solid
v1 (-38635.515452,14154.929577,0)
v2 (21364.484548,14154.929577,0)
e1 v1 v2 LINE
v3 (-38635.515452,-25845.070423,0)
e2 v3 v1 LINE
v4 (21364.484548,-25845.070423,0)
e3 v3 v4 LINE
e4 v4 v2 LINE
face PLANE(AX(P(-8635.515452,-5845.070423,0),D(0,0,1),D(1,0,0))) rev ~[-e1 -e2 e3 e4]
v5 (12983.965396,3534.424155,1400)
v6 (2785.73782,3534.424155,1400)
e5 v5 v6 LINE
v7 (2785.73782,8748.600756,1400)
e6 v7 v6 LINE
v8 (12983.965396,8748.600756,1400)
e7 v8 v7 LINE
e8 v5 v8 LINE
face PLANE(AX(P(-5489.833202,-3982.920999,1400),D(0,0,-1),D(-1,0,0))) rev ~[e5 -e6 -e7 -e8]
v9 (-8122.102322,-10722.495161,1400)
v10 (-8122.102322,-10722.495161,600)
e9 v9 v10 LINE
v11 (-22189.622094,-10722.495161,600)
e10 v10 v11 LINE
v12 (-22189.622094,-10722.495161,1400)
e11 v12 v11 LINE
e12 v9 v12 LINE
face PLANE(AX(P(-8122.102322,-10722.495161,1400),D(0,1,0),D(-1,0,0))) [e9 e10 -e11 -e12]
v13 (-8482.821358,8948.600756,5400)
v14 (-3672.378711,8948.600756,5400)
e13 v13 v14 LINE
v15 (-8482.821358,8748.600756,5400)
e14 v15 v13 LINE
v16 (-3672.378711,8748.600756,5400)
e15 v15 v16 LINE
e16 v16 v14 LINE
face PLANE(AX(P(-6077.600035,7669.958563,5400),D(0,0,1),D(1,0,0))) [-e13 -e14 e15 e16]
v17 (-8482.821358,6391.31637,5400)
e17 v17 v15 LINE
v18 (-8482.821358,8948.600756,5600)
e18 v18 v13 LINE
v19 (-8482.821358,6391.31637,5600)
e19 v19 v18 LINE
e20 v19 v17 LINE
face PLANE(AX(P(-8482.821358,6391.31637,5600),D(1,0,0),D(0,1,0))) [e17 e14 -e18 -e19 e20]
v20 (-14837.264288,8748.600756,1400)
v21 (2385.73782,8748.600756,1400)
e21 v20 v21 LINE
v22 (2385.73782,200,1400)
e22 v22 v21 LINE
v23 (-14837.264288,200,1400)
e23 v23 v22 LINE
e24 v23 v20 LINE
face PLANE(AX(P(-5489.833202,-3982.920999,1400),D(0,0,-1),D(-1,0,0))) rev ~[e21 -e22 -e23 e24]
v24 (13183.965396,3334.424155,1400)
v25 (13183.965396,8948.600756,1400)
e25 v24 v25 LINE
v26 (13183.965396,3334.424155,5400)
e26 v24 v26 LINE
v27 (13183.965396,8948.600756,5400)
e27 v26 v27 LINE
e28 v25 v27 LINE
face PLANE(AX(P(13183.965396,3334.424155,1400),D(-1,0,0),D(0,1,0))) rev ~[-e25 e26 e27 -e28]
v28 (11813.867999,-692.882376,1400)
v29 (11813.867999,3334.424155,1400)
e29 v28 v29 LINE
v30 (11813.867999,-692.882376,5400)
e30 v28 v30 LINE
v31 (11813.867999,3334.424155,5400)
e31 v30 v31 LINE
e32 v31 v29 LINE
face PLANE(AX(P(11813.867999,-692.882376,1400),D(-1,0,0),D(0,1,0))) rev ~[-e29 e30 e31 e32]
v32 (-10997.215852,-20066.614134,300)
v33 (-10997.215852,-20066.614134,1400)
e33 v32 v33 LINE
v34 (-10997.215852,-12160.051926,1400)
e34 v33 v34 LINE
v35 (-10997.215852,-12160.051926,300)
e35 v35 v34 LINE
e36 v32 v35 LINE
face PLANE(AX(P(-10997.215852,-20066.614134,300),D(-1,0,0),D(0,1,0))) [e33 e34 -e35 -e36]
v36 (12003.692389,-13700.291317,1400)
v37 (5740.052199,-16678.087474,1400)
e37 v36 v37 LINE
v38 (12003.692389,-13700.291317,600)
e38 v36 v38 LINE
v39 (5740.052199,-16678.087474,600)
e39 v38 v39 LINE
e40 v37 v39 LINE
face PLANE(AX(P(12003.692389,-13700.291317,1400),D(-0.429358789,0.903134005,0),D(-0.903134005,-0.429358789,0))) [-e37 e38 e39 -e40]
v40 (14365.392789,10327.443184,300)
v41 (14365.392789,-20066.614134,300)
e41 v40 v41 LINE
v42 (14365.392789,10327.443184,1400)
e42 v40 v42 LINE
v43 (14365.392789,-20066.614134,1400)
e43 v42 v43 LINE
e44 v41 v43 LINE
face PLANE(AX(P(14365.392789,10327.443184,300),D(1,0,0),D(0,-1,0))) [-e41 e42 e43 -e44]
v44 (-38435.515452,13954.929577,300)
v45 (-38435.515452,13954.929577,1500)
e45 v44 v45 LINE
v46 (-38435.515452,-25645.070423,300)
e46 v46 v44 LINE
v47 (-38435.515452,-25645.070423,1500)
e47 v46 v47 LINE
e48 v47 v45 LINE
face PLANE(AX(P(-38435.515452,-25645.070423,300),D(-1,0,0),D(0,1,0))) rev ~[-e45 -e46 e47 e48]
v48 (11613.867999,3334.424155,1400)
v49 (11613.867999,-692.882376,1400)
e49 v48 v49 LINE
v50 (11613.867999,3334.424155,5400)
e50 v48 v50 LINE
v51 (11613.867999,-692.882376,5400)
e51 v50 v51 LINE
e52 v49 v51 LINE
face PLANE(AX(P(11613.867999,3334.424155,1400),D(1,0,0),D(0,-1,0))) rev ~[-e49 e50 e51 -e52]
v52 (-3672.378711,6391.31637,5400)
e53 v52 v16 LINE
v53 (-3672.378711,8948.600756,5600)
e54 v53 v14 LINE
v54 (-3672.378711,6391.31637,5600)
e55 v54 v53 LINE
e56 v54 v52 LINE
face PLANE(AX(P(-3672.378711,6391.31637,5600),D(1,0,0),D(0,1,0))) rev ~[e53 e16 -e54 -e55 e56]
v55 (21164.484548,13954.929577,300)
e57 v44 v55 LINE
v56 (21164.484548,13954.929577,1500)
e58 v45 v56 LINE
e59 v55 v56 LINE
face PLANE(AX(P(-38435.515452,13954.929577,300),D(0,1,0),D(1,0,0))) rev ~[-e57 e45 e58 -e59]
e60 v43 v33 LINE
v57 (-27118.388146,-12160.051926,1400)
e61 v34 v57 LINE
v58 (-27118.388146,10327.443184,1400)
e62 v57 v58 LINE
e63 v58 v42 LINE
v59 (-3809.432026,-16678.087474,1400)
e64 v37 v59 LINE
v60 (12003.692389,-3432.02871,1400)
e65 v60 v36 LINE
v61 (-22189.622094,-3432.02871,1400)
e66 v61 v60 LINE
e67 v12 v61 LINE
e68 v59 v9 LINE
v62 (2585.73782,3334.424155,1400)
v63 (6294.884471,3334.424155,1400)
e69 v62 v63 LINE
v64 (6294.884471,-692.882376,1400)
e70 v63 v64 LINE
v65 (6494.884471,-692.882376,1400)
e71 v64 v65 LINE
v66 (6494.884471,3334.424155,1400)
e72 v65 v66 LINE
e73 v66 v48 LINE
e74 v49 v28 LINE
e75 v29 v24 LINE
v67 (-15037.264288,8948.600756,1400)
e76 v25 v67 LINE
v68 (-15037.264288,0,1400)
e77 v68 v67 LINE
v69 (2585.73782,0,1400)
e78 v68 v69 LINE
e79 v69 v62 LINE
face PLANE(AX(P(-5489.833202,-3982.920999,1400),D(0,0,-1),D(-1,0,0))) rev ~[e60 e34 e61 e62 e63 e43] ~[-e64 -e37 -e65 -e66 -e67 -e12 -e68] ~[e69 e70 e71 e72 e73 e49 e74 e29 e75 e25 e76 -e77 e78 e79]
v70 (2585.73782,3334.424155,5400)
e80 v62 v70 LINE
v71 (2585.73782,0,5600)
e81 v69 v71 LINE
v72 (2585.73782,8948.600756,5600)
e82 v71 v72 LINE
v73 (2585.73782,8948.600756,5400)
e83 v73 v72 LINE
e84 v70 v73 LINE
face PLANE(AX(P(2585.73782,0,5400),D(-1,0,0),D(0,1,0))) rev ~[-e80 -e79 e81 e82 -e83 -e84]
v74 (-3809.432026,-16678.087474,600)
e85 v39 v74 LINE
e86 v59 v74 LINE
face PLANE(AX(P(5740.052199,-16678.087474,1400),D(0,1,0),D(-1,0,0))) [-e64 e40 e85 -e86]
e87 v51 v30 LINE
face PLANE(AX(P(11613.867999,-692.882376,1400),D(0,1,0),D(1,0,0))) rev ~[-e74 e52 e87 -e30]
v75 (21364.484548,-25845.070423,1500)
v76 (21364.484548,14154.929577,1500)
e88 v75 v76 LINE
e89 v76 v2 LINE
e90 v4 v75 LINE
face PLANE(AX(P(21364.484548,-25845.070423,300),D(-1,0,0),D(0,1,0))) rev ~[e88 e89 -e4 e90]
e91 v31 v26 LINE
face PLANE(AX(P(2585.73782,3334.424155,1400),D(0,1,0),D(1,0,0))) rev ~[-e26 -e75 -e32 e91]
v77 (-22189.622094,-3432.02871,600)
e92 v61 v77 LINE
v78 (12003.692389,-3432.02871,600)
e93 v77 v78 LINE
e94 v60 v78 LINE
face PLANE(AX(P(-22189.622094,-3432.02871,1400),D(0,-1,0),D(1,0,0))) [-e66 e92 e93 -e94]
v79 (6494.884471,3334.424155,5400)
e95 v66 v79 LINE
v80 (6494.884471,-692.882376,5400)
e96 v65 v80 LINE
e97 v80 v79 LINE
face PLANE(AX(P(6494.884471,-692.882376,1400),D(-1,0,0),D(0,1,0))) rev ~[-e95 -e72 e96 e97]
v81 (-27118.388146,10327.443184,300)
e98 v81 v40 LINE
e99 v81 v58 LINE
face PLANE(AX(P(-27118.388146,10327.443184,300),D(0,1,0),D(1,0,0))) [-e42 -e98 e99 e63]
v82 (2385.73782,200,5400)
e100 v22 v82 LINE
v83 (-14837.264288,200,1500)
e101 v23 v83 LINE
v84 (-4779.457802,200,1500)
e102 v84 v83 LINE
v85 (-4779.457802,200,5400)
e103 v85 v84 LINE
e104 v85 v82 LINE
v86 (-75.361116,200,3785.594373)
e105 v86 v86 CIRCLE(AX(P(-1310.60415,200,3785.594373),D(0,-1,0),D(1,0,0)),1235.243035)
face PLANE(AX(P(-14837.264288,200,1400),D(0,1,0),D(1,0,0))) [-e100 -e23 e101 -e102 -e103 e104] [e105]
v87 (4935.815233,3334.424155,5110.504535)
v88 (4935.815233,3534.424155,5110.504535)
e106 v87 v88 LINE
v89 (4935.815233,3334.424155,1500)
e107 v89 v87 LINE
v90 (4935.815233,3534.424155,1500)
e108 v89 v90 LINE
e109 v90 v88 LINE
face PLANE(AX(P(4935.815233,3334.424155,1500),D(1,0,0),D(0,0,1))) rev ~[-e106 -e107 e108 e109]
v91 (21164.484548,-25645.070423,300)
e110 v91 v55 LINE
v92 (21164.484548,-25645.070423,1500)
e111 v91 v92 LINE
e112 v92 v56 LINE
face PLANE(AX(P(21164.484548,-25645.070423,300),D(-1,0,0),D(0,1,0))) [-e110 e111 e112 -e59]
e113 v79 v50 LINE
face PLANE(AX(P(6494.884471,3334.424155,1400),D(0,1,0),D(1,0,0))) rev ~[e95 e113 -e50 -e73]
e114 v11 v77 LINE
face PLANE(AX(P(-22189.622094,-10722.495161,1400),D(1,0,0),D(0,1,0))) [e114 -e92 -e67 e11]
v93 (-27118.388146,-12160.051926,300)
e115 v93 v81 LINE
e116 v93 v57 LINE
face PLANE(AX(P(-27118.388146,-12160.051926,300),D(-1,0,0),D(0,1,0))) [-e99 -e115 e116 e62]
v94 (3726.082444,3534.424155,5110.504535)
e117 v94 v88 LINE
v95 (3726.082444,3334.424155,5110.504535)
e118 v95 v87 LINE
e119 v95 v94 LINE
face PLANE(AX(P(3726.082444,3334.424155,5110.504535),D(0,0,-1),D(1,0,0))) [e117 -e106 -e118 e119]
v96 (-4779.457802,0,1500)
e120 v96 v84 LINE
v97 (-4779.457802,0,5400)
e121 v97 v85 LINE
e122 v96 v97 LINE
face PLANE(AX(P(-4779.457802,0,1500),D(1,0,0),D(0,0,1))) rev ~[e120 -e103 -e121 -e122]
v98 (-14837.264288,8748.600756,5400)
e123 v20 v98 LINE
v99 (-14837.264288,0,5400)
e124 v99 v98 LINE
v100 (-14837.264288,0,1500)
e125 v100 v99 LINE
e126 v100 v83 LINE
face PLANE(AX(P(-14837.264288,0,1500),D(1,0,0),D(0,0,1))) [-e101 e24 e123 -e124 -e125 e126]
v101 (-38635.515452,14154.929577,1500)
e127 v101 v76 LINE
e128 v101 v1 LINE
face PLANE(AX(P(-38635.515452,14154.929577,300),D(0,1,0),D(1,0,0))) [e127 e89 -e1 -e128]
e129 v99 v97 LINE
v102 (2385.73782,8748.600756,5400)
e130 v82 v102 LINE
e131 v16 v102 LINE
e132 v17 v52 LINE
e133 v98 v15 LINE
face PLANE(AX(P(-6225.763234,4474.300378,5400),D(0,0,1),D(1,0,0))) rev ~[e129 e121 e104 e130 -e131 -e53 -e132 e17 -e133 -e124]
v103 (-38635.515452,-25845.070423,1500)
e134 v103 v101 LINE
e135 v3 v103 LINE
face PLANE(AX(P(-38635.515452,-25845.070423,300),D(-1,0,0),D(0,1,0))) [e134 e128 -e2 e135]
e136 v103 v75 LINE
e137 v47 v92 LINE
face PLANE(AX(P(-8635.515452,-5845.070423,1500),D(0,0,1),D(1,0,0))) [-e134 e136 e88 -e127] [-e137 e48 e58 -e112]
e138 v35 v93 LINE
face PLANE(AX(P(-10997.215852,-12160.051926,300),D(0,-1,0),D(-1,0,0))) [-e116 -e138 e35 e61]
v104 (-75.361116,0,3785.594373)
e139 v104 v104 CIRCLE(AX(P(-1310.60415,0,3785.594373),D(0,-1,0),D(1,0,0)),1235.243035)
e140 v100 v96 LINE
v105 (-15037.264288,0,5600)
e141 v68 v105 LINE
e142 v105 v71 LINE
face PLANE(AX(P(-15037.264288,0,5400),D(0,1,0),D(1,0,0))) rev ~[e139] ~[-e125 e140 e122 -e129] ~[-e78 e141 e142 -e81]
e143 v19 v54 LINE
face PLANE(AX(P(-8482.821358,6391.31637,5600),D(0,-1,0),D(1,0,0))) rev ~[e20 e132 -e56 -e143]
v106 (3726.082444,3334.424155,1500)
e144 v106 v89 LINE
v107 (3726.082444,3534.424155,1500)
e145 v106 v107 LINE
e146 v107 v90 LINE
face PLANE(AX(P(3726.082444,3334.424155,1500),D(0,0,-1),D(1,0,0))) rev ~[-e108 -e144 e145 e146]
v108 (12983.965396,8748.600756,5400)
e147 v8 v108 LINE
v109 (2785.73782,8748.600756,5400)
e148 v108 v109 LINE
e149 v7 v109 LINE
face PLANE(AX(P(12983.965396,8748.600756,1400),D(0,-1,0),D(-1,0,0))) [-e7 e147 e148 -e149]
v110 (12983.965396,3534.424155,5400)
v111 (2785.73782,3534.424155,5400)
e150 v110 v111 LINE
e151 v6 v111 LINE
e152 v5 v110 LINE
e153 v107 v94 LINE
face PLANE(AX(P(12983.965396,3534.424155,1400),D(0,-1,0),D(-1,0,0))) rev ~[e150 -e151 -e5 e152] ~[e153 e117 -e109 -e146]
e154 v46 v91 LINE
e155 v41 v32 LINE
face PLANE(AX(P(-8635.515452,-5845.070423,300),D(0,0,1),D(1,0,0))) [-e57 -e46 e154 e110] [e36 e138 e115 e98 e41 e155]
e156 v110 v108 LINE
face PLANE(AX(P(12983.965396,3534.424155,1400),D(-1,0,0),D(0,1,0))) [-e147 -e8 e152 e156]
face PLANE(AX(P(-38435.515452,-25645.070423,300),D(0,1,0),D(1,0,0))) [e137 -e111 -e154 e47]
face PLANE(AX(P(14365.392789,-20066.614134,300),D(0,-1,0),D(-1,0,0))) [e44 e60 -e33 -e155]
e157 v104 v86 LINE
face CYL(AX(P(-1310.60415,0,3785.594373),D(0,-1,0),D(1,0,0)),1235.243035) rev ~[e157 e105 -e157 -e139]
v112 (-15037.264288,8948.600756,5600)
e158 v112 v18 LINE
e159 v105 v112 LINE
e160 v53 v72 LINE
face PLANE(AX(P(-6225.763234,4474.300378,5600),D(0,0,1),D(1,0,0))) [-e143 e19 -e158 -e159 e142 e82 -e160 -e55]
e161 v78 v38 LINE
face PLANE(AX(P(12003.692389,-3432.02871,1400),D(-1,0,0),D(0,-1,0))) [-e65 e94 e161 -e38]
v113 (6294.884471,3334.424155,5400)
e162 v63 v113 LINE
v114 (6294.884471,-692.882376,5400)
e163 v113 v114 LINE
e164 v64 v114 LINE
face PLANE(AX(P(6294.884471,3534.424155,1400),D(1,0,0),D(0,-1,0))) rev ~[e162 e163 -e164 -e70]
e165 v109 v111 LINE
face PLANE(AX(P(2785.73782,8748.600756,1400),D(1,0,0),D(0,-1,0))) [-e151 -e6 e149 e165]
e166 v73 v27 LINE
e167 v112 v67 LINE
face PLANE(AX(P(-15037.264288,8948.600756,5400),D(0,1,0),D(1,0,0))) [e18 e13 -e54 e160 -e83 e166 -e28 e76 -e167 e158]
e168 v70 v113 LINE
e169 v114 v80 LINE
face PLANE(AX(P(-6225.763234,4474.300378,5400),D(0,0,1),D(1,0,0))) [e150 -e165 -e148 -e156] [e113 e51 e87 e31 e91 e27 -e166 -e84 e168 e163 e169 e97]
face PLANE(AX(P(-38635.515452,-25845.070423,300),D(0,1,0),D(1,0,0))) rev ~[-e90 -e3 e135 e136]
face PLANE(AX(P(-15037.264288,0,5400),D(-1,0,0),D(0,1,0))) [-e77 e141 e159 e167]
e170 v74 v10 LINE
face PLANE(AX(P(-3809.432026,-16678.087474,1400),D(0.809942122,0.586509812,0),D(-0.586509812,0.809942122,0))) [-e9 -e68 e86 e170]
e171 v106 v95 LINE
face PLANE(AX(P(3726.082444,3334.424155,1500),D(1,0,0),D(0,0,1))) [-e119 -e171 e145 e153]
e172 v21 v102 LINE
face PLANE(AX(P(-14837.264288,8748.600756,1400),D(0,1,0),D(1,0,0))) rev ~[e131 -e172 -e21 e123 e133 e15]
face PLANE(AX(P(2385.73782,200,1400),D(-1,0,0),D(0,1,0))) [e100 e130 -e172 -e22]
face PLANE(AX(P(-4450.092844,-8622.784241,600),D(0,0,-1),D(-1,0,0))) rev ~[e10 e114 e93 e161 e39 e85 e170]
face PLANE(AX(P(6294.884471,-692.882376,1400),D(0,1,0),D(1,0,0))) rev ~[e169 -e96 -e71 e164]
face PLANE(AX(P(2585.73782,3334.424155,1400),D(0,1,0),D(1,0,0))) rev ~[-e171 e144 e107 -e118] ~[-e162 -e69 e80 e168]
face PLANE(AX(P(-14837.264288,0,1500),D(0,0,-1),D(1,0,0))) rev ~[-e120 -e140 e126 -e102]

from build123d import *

# Parameters (mm, degrees)
IZIM1_W                     = 60000
IZIM1_H                     = 40000
Y_KSEKLIK_EKSTR_ZYON1_DEPTH = 300
IZIM2_W                     = 60000
IZIM2_H                     = 40000
IZIM2_W_2                   = 59600
IZIM2_H_2                   = 39600
Y_KSEKLIK_EKSTR_ZYON2_DEPTH = 1200
Y_KSEKLIK_EKSTR_ZYON3_DEPTH = 1100
KES_EKSTR_ZYON1_DEPTH       = 800
Y_KSEKLIK_EKSTR_ZYON4_DEPTH = 4000
Y_KSEKLIK_EKSTR_ZYON5_DEPTH = 4000
IZIM8_W                     = 1209.732788708
IZIM8_H                     = 3610.504534554
KES_EKSTR_ZYON2_DEPTH       = 1035
IZIM9_W                     = 17623.002108146
IZIM9_H                     = 8948.600755701
IZIM9_W_2                   = 17223.002108146
IZIM9_H_2                   = 8548.600755701
Y_KSEKLIK_EKSTR_ZYON6_DEPTH = 4000
IZIM10_W                    = 10057.80648616
IZIM10_H                    = 3900
KES_EKSTR_ZYON3_DEPTH       = 1225
IZIM11_W                    = 17623.002108146
IZIM11_H                    = 8948.600755701
Y_KSEKLIK_EKSTR_ZYON7_DEPTH = 200
IZIM12_W                    = 4810.442646605
IZIM12_H                    = 2557.284385886
KES_EKSTR_ZYON4_DEPTH       = 200
IZIM13_R                    = 1235.243034866
KES_EKSTR_ZYON5_DEPTH       = 200


with BuildPart() as part:
    # Çizim1 → Yükseklik-Ekstrüzyon1 (new body)
    with BuildSketch(Plane.XY):
        with Locations((-8635.515452059, -5845.070422535)):
            Rectangle(IZIM1_W, IZIM1_H)
    extrude(amount=Y_KSEKLIK_EKSTR_ZYON1_DEPTH)

    # Çizim2 → Yükseklik-Ekstrüzyon2 (add)
    with BuildSketch(Plane.XY.offset(300)):
        with Locations((-8635.515452059, -5845.070422535)):
            Rectangle(IZIM2_W, IZIM2_H)
        with Locations((-8635.515452059, -5845.070422535)):
            Rectangle(IZIM2_W_2, IZIM2_H_2, mode=Mode.SUBTRACT)
    extrude(amount=Y_KSEKLIK_EKSTR_ZYON2_DEPTH)

    # Çizim4 → Yükseklik-Ekstrüzyon3 (add)
    with BuildSketch(Plane.XY.offset(300)):
        Polygon((-27118.388145752, -12160.051926214), (-27118.388145752, 10327.443184446), (14365.392788981, 10327.443184446), (14365.392788981, -20066.614134071), (-10997.215851809, -20066.614134071), (-10997.215851809, -12160.051926214), align=None)
    extrude(amount=Y_KSEKLIK_EKSTR_ZYON3_DEPTH)

    # Çizim5 → Kes-Ekstrüzyon1 (cut)
    with BuildSketch(Plane.XY.offset(1400)):
        Polygon((-22189.622094101, -3432.028709747), (12003.692389232, -3432.028709747), (12003.692389232, -13700.291317355), (5740.052198591, -16678.087473561), (-3809.432026484, -16678.087473561), (-8122.102321679, -10722.495161149), (-22189.622094101, -10722.495161149), align=None)
    extrude(amount=-KES_EKSTR_ZYON1_DEPTH, mode=Mode.SUBTRACT)

    # Çizim6 → Yükseklik-Ekstrüzyon4 (add)
    with BuildSketch(Plane.XY.offset(1400)):
        Polygon((11813.867998512, -692.882376369), (11813.867998512, 3534.424155195), (6294.884471193, 3534.424155195), (6294.884471193, -692.882376369), (6494.884471193, -692.882376369), (6494.884471193, 3334.424155195), (11613.867998512, 3334.424155195), (11613.867998512, -692.882376369), align=None)
    extrude(amount=Y_KSEKLIK_EKSTR_ZYON4_DEPTH)

    # Çizim7 → Yükseklik-Ekstrüzyon5 (add)
    with BuildSketch(Plane.XY.offset(1400)):
        Polygon((11813.867998512, 3334.424155195), (13183.965395594, 3334.424155195), (13183.965395594, 8948.600755701), (2585.737819961, 8948.600755701), (2585.737819961, 3334.424155195), align=None)
        Polygon((11813.867998512, 3534.424155195), (12983.965395594, 3534.424155195), (12983.965395594, 8748.600755701), (2785.737819961, 8748.600755701), (2785.737819961, 3534.424155195), align=None, mode=Mode.SUBTRACT)
    extrude(amount=Y_KSEKLIK_EKSTR_ZYON5_DEPTH)

    # Çizim8 → Kes-Ekstrüzyon2 (cut)
    with BuildSketch(Plane.XZ.offset(-3334.424155195)):
        with Locations((4330.948838783, 3305.252267277)):
            Rectangle(IZIM8_W, IZIM8_H)
    extrude(amount=-KES_EKSTR_ZYON2_DEPTH, mode=Mode.SUBTRACT)

    # Çizim9 → Yükseklik-Ekstrüzyon6 (add)
    with BuildSketch(Plane.XY.offset(1400)):
        with Locations((-6225.763234112, 4474.30037785)):
            Rectangle(IZIM9_W, IZIM9_H)
        with Locations((-6225.763234112, 4474.30037785)):
            Rectangle(IZIM9_W_2, IZIM9_H_2, mode=Mode.SUBTRACT)
    extrude(amount=Y_KSEKLIK_EKSTR_ZYON6_DEPTH)

    # Çizim10 → Kes-Ekstrüzyon3 (cut)
    with BuildSketch(Plane.XZ):
        with Locations((-9808.361045105, 3450)):
            Rectangle(IZIM10_W, IZIM10_H)
    extrude(amount=-KES_EKSTR_ZYON3_DEPTH, mode=Mode.SUBTRACT)

    # Çizim11 → Yükseklik-Ekstrüzyon7 (add)
    with BuildSketch(Plane.XY.offset(5400)):
        with Locations((-6225.763234112, 4474.30037785)):
            Rectangle(IZIM11_W, IZIM11_H)
    extrude(amount=Y_KSEKLIK_EKSTR_ZYON7_DEPTH)

    # Çizim12 → Kes-Ekstrüzyon4 (cut)
    with BuildSketch(Plane.XY.offset(5600)):
        with Locations((-6077.600034681, 7669.958562758)):
            Rectangle(IZIM12_W, IZIM12_H)
    extrude(amount=-KES_EKSTR_ZYON4_DEPTH, mode=Mode.SUBTRACT)

    # Çizim13 → Kes-Ekstrüzyon5 (cut)
    with BuildSketch(Plane.XZ):
        with Locations((-1310.604150452, 3785.594372986)):
            Circle(IZIM13_R)
    extrude(amount=-KES_EKSTR_ZYON5_DEPTH, mode=Mode.SUBTRACT)


solid = part.part
